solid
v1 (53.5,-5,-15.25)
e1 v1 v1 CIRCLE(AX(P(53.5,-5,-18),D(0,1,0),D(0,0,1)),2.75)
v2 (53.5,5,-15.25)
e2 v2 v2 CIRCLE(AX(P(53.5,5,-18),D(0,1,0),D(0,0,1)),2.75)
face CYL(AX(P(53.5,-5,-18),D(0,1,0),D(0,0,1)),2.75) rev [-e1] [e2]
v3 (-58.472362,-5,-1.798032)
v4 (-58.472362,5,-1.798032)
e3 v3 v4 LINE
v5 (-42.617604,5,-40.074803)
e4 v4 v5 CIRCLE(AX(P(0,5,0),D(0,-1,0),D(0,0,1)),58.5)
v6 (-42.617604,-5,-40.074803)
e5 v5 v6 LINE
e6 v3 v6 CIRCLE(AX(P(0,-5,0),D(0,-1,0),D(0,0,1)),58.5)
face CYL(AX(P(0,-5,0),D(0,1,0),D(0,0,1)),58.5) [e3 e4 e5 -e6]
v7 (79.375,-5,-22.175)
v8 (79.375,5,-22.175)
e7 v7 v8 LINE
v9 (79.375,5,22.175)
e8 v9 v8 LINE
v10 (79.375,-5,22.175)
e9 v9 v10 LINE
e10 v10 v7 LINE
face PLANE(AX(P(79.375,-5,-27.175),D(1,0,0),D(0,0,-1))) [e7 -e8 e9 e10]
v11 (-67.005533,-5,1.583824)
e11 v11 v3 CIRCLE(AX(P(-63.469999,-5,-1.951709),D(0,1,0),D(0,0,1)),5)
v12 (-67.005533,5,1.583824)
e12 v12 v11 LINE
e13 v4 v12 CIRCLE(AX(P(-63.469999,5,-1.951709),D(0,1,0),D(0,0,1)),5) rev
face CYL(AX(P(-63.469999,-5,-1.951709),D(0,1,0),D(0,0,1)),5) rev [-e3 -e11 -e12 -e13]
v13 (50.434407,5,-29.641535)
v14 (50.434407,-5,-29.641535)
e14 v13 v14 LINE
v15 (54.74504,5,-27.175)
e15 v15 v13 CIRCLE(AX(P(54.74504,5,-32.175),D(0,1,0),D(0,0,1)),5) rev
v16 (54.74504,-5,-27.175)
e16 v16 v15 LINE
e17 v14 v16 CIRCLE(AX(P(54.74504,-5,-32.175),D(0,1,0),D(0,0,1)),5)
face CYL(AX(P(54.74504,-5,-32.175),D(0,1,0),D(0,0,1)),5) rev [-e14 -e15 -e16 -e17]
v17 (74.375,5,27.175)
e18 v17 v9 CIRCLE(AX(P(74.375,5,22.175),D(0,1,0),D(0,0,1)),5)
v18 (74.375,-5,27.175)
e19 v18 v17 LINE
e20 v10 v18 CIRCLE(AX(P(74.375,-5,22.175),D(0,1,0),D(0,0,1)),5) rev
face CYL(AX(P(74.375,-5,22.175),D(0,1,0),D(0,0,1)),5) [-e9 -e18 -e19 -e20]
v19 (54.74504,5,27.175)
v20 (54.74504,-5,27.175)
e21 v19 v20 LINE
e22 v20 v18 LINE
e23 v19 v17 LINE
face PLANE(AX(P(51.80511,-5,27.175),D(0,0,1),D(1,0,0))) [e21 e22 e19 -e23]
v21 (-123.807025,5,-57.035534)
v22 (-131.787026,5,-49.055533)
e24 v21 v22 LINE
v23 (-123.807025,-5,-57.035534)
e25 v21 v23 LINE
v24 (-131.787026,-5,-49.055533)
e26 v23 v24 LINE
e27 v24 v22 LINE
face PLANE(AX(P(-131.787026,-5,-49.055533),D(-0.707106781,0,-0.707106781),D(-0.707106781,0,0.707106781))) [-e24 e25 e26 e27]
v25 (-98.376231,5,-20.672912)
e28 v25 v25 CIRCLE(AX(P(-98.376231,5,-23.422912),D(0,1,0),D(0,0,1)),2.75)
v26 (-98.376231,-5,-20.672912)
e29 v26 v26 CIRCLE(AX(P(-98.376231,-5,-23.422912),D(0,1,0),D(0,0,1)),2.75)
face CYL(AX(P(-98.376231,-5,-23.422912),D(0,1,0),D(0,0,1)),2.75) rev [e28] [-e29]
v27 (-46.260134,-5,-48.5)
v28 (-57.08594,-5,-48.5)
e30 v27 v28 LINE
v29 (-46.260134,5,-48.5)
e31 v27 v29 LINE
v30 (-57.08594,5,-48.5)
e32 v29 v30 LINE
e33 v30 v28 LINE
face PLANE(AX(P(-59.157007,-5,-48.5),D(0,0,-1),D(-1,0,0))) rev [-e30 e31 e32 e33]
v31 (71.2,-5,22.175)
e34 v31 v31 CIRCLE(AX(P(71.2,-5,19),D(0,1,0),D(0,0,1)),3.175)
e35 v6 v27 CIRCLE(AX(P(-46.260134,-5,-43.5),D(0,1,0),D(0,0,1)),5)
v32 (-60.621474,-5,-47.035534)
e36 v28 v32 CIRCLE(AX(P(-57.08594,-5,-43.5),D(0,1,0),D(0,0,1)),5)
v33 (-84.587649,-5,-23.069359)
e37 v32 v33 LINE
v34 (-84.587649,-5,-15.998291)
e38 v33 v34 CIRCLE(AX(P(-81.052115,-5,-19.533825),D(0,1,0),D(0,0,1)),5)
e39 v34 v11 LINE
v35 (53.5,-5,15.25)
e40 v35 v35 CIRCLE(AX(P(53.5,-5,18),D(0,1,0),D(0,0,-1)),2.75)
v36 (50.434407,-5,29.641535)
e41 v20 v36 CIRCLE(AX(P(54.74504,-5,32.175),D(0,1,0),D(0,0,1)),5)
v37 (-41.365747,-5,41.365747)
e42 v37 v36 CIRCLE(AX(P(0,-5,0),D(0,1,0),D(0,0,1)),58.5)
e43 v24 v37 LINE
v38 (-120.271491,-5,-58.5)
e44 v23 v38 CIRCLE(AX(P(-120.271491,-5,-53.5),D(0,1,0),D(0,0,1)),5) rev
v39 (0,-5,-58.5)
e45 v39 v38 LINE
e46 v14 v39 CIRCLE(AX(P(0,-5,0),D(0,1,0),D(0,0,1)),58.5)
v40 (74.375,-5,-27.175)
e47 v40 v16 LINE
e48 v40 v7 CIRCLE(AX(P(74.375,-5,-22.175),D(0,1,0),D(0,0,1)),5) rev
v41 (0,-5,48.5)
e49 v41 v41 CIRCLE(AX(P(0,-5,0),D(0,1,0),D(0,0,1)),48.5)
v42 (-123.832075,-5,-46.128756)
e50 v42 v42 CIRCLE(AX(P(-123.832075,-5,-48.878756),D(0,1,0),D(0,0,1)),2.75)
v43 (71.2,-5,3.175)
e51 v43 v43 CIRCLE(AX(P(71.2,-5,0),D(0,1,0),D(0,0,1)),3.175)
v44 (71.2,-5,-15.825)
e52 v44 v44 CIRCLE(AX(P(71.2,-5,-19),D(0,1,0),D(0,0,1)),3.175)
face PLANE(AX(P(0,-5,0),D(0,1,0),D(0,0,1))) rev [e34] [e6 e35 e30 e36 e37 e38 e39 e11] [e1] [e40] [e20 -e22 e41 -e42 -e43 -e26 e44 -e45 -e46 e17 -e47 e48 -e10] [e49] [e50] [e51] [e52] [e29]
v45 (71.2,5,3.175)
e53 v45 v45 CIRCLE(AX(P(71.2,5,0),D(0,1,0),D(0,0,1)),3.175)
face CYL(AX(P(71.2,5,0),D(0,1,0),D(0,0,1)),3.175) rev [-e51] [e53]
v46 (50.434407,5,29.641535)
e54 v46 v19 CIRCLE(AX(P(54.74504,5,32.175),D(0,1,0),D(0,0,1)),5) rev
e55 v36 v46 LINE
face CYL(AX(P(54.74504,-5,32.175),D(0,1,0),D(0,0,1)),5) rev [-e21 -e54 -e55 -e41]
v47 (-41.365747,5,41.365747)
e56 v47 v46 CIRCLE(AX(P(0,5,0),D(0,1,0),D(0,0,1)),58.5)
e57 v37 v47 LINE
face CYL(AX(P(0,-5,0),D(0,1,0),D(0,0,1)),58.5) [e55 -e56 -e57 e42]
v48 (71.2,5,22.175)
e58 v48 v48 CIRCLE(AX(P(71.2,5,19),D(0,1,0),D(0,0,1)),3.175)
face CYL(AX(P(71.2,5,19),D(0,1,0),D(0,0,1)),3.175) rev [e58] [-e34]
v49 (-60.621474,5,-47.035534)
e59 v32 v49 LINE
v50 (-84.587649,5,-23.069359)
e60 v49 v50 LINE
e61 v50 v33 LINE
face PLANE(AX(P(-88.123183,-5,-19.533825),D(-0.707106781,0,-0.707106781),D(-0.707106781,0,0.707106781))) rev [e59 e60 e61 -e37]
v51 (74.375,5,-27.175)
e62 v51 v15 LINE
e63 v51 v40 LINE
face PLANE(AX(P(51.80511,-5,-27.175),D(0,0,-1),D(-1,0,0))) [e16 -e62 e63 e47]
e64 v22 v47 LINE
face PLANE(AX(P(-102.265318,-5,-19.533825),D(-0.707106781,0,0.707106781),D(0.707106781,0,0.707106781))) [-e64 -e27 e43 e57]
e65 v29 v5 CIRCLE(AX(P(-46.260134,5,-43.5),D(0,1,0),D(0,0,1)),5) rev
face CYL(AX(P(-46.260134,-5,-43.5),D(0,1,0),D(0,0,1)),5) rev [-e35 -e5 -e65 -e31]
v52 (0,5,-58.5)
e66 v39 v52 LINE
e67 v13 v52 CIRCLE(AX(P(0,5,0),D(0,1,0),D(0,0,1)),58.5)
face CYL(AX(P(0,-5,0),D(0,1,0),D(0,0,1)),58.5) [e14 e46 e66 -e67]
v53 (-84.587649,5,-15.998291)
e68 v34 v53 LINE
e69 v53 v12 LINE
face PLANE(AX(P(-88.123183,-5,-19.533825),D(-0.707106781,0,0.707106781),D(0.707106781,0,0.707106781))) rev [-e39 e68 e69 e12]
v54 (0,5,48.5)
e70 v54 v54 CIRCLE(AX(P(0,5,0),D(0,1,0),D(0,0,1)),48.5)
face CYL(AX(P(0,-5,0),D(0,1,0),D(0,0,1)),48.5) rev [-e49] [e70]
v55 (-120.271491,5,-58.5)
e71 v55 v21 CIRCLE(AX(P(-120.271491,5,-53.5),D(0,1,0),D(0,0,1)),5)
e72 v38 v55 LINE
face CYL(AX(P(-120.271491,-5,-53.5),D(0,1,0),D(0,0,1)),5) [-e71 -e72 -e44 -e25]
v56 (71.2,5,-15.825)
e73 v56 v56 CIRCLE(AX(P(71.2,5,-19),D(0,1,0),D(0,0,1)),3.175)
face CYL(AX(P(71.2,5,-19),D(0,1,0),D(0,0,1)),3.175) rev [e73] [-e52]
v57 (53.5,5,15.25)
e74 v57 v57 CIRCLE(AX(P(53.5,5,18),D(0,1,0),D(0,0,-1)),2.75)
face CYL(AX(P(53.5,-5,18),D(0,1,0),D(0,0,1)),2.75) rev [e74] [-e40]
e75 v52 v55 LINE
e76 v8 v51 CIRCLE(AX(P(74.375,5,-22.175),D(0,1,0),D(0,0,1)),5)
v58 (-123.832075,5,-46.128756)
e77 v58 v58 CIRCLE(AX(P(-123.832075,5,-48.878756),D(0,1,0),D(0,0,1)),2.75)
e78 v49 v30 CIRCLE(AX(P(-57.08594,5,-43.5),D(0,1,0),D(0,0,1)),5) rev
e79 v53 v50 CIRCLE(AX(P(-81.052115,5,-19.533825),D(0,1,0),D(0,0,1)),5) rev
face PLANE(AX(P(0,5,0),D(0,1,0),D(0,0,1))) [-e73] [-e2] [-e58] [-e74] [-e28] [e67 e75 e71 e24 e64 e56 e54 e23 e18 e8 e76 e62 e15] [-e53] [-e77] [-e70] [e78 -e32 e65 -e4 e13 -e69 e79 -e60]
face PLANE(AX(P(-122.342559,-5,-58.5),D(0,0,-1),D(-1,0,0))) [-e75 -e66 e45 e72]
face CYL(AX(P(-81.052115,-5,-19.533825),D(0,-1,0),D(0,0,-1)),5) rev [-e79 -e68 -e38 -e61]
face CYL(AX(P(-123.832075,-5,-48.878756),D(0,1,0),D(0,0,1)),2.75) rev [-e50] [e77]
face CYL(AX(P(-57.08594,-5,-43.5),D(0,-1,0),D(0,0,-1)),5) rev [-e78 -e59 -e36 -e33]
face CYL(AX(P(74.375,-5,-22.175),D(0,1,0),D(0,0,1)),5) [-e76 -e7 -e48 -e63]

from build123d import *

# Parameters (mm, degrees)
SKETCH1_R                   = 48.5
SKETCH1_R_2                 = 2.75
BOSS_EXTRUDE1_DEPTH         = 5
F_1_4_0_25_DIAMETER_HOLE1_D = 6.35
FILLET1_R                   = 5


with BuildPart() as part:
    # Sketch1 → Boss-Extrude1 (new body, symmetric)
    with BuildSketch(Plane(origin=(0, 0, 0), x_dir=(1, 0, 0), z_dir=(0, 1, 0))):
        with BuildLine():
            Line((-102.265318229, 19.53382483), (-41.365746699, -41.365746699))
            ThreePointArc((-41.365746699, -41.365746699), (8.808484383, -57.833040754), (51.805109545, -27.175))
            Line((51.805109545, -27.175), (79.375, -27.175))
            Line((79.375, -27.175), (79.375, 27.175))
            Line((79.375, 27.175), (51.805109545, 27.175))
            ThreePointArc((51.805109545, 27.175), (30.269724974, 50.059901618), (0, 58.5))
            Line((0, 58.5), (-122.342559288, 58.5))
            Line((-122.342559288, 58.5), (-131.787026344, 49.055532945))
            Line((-131.787026344, 49.055532945), (-102.265318229, 19.53382483))
        make_face()
        Circle(SKETCH1_R, mode=Mode.SUBTRACT)
        with Locations((-123.832075055, 48.87875625)):
            Circle(SKETCH1_R_2, mode=Mode.SUBTRACT)
        with Locations((-98.376230933, 23.422912127)):
            Circle(SKETCH1_R_2, mode=Mode.SUBTRACT)
        with Locations((53.5, 18)):
            Circle(SKETCH1_R_2, mode=Mode.SUBTRACT)
        with Locations((53.5, -18)):
            Circle(SKETCH1_R_2, mode=Mode.SUBTRACT)
        with BuildLine():
            Line((-88.123182605, 19.53382483), (-57.4247459, -11.164611875))
            ThreePointArc((-57.4247459, -11.164611875), (-54.046952652, 22.386980793), (-32.710854468, 48.5))
            Line((-32.710854468, 48.5), (-59.157007436, 48.5))
            Line((-59.157007436, 48.5), (-88.123182605, 19.53382483))
        make_face(mode=Mode.SUBTRACT)
    extrude(amount=BOSS_EXTRUDE1_DEPTH, both=True)

    # 1/4 (0.25) Diameter Hole1 (through all)
    with Locations(Plane(origin=(0, 5, 0), x_dir=(1, 0, 0), z_dir=(0, 1, 0))):
        with Locations((71.2, 19), (71.2, 0), (71.2, -19)):
            Hole(F_1_4_0_25_DIAMETER_HOLE1_D / 2)

    # Fillet1
    fillet1_edges = [part.edges().sort_by_distance(p)[0] for p in [
        (-122.342559288, 0, -58.5),
        (51.805109545, 0, -27.175),
        (79.375, 0, -27.175),
        (79.375, 0, 27.175),
        (51.805109545, 0, 27.175),
        (-88.123182605, 0, -19.53382483),
        (-59.157007436, 0, -48.5),
        (-32.710854468, 0, -48.5),
        (-57.4247459, 0, 11.164611875),
    ]]
    fillet(fillet1_edges, radius=FILLET1_R)


solid = part.part
